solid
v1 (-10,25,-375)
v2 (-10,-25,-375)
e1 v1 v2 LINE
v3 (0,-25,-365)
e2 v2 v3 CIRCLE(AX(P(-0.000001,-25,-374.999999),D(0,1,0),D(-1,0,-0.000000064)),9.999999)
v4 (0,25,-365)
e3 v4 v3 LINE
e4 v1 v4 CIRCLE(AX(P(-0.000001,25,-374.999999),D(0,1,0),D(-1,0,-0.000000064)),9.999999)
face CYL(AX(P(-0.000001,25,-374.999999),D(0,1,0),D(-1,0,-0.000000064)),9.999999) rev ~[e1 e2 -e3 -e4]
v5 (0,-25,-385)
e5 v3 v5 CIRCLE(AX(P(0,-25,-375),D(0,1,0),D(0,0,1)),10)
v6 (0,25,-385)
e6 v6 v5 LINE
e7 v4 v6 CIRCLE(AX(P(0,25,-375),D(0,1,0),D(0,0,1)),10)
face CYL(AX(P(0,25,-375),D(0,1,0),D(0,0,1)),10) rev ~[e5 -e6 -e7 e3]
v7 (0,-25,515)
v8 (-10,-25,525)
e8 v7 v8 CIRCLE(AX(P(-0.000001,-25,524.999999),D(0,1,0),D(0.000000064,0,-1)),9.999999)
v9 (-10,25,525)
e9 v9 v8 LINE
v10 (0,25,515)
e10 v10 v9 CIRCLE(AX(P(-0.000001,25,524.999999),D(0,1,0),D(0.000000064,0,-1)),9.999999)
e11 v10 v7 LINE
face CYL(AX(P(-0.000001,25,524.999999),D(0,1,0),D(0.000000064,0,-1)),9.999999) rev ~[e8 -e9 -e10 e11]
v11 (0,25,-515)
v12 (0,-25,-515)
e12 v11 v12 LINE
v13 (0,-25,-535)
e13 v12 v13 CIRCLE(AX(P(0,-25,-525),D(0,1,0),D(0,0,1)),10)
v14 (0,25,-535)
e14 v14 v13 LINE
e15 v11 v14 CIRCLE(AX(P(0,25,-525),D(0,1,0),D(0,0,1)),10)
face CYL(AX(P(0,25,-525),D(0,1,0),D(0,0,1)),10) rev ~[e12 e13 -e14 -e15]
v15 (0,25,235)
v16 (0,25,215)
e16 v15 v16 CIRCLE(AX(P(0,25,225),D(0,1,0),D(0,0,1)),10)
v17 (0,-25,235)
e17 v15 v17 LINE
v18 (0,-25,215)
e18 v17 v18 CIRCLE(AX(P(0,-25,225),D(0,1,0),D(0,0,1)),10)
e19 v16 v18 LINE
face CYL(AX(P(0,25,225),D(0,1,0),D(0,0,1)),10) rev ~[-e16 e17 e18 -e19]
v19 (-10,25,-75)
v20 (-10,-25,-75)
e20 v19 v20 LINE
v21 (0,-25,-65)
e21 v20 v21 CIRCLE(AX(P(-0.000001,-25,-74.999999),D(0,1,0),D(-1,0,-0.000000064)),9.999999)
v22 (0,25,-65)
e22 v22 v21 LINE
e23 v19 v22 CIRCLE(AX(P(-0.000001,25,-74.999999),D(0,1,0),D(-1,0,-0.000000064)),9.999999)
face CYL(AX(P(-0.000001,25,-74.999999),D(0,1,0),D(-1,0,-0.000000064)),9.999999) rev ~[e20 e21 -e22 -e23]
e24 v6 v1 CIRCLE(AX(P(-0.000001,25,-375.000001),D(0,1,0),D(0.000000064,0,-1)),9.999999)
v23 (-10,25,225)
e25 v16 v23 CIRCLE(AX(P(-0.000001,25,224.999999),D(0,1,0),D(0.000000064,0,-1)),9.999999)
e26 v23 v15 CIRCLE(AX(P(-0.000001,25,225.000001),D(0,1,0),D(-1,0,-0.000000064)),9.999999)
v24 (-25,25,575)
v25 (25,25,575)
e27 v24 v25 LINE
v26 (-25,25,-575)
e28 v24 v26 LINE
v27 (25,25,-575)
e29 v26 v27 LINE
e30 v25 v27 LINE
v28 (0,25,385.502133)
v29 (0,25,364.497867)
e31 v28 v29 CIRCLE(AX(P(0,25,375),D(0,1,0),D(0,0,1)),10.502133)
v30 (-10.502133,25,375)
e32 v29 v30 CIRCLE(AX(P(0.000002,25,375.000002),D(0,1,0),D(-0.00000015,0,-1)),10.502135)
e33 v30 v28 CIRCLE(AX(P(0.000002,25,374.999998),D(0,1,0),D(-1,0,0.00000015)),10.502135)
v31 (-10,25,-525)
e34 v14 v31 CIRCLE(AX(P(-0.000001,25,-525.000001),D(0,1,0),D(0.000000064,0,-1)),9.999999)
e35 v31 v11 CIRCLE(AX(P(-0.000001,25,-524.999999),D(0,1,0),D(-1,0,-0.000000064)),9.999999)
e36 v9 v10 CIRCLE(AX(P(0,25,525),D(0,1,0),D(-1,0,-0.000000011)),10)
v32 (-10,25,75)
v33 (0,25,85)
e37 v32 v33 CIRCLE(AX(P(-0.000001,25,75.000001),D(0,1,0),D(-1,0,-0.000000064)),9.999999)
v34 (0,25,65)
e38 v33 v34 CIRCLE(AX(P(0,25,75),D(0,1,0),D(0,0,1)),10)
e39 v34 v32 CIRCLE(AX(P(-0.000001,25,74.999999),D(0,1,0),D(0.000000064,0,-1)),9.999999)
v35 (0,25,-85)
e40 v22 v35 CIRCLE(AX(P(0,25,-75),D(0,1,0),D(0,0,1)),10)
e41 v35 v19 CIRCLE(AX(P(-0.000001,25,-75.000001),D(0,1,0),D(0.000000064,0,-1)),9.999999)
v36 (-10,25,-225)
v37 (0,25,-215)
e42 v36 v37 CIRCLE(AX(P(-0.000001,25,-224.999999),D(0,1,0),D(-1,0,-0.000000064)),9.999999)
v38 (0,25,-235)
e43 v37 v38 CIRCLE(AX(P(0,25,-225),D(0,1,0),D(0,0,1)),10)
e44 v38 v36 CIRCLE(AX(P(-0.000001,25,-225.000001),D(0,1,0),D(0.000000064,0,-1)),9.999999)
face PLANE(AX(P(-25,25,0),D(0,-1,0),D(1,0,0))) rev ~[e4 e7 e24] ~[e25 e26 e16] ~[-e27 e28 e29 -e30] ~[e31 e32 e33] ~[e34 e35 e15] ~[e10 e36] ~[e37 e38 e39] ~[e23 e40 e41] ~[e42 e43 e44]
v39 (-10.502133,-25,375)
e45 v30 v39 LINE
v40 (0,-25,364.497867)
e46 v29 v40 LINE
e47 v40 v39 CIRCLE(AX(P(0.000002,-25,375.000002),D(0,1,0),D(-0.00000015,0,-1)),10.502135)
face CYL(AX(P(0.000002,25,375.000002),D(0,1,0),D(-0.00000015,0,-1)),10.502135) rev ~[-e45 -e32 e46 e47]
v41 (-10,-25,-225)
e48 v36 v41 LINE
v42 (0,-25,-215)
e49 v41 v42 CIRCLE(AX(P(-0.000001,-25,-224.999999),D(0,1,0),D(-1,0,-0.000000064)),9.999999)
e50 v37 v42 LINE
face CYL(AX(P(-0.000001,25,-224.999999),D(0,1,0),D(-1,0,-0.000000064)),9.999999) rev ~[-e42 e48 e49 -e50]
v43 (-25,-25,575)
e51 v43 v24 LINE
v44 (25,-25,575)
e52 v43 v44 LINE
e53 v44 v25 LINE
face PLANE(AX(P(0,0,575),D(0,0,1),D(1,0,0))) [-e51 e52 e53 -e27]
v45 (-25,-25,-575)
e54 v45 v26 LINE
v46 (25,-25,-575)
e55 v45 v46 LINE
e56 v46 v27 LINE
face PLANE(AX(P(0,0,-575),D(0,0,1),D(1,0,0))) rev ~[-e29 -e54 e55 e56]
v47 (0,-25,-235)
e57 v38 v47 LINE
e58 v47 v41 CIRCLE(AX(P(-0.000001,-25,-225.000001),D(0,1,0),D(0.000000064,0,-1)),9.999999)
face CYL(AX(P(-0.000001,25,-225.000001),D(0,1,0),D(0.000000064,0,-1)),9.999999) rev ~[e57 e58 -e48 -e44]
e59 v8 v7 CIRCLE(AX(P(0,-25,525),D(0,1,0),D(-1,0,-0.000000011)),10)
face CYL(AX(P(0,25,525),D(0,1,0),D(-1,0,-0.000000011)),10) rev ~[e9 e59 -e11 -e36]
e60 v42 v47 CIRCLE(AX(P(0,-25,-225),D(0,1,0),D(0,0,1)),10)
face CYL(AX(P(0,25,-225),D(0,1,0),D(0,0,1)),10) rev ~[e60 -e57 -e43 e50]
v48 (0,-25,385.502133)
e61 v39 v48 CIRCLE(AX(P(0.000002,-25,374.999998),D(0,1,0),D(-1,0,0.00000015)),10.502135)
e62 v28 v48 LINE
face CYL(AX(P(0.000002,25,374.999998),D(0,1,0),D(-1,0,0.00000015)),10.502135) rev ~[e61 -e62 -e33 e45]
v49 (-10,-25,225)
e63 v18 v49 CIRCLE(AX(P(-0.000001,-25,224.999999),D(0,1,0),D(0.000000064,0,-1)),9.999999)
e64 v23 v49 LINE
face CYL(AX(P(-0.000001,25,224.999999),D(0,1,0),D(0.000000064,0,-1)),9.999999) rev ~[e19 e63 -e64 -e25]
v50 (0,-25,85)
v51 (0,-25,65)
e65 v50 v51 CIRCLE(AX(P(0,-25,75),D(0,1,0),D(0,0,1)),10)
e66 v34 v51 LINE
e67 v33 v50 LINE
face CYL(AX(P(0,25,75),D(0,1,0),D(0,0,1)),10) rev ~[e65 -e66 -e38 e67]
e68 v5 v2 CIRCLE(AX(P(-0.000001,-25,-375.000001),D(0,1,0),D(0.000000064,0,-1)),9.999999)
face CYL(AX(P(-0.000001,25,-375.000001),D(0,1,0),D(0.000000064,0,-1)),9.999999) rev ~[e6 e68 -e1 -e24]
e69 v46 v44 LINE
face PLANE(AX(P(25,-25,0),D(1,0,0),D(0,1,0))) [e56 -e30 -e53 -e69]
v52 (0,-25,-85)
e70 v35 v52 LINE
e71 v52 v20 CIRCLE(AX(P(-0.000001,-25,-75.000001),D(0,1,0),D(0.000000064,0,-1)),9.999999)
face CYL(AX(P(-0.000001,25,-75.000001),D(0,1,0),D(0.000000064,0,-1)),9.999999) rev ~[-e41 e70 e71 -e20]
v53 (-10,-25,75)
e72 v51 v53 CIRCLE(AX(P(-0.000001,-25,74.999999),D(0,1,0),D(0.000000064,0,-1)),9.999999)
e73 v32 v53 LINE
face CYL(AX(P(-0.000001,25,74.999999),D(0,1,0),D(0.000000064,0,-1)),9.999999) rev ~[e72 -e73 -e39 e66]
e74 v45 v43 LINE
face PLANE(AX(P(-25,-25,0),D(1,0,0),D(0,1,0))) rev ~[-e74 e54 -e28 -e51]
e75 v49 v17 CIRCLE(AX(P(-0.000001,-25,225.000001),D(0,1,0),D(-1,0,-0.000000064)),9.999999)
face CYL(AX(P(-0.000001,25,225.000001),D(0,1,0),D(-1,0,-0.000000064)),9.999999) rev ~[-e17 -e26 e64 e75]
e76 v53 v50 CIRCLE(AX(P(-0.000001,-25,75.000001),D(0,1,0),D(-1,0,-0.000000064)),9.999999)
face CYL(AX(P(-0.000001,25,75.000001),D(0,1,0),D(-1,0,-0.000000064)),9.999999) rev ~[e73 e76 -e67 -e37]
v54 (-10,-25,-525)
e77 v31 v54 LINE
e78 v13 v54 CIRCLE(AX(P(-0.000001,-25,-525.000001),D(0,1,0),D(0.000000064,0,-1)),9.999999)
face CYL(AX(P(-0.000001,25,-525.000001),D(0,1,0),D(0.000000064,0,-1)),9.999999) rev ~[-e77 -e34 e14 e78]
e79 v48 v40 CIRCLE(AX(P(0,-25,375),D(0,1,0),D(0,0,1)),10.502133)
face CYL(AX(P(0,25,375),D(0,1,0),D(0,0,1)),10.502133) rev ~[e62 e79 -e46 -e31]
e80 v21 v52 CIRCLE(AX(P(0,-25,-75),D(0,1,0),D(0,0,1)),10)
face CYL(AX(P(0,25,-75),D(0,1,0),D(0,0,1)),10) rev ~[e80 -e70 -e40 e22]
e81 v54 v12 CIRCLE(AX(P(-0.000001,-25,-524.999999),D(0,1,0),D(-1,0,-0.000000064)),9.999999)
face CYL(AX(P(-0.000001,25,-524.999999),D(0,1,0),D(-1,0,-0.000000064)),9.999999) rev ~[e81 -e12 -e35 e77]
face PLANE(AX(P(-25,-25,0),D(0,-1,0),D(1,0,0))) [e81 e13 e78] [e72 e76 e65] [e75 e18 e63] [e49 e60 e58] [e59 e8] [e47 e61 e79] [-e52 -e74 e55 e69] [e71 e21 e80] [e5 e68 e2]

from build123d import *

# Parameters (mm, degrees)
F0_W     = 50
F0_H     = 50
F1_DEPTH = 575
F2_R     = 10
F3_DEPTH = 50


with BuildPart() as f1:
    # F0 (on Top) → F1 (new body, symmetric)
    with BuildSketch(Plane.XY):
        Rectangle(F0_W, F0_H)
    extrude(amount=F1_DEPTH, both=True)

    # F2 (on face) → F3 (cut)
    with BuildSketch(Plane(origin=(0, 25, 0), x_dir=(-1, 0, 0), z_dir=(0, 1, 0))):
        with BuildLine():
            Line((0, 525), (10, 525))
            ThreePointArc((10, 525), (-7.071068, 532.071068), (0, 515))
            Line((0, 515), (0, 525))
        make_face()
        with BuildLine():
            ThreePointArc((10, -525), (7.071068, -517.928932), (0, -515))
            Line((0, -515), (0, -535))
            ThreePointArc((0, -535), (7.071068, -532.071068), (10, -525))
        make_face()
        with BuildLine():
            Line((0, -535), (0, -515))
            ThreePointArc((0, -515), (-10, -525), (0, -535))
        make_face()
        with BuildLine():
            ThreePointArc((10, -375), (7.071068, -367.928932), (0, -365))
            Line((0, -365), (0, -385))
            ThreePointArc((0, -385), (7.071068, -382.071068), (10, -375))
        make_face()
        with BuildLine():
            Line((0, -385), (0, -365))
            ThreePointArc((0, -365), (-10, -375), (0, -385))
        make_face()
        with BuildLine():
            ThreePointArc((10, -225), (7.071068, -217.928932), (0, -215))
            Line((0, -215), (0, -235))
            ThreePointArc((0, -235), (7.071068, -232.071068), (10, -225))
        make_face()
        with BuildLine():
            Line((0, -235), (0, -215))
            ThreePointArc((0, -215), (-10, -225), (0, -235))
        make_face()
        with BuildLine():
            ThreePointArc((10, -75), (7.071068, -67.928932), (0, -65))
            Line((0, -65), (0, -85))
            ThreePointArc((0, -85), (7.071068, -82.071068), (10, -75))
        make_face()
        with BuildLine():
            Line((0, -85), (0, -65))
            ThreePointArc((0, -65), (-10, -75), (0, -85))
        make_face()
        with BuildLine():
            ThreePointArc((10, 75), (7.071068, 82.071068), (0, 85))
            Line((0, 85), (0, 65))
            ThreePointArc((0, 65), (7.071068, 67.928932), (10, 75))
        make_face()
        with BuildLine():
            Line((0, 65), (0, 85))
            ThreePointArc((0, 85), (-10, 75), (0, 65))
        make_face()
        with BuildLine():
            ThreePointArc((10, 225), (7.071068, 232.071068), (0, 235))
            Line((0, 235), (0, 215))
            ThreePointArc((0, 215), (7.071068, 217.928932), (10, 225))
        make_face()
        with BuildLine():
            Line((0, 215), (0, 235))
            ThreePointArc((0, 235), (-10, 225), (0, 215))
        make_face()
        with BuildLine():
            ThreePointArc((10.502133, 375), (7.426129, 382.426129), (0, 385.502133))
            Line((0, 385.502133), (0, 364.497867))
            ThreePointArc((0, 364.497867), (7.426129, 367.573871), (10.502133, 375))
        make_face()
        with BuildLine():
            Line((0, 364.497867), (0, 385.502133))
            ThreePointArc((0, 385.502133), (-10.502133, 375), (0, 364.497867))
        make_face()
        with BuildLine():
            ThreePointArc((0, 515), (7.071068, 517.928932), (10, 525))
            Line((10, 525), (0, 525))
            Line((0, 525), (0, 515))
        make_face()
        with Locations((0, -675)):
            Circle(F2_R)
        with Locations((0, -825)):
            Circle(F2_R)
        with Locations((0, -975)):
            Circle(F2_R)
        with Locations((0, -1125)):
            Circle(F2_R)
        with Locations((0, -1275)):
            Circle(F2_R)
        with Locations((0, -1425)):
            Circle(F2_R)
    extrude(amount=-F3_DEPTH, mode=Mode.SUBTRACT)


solid = f1.part
